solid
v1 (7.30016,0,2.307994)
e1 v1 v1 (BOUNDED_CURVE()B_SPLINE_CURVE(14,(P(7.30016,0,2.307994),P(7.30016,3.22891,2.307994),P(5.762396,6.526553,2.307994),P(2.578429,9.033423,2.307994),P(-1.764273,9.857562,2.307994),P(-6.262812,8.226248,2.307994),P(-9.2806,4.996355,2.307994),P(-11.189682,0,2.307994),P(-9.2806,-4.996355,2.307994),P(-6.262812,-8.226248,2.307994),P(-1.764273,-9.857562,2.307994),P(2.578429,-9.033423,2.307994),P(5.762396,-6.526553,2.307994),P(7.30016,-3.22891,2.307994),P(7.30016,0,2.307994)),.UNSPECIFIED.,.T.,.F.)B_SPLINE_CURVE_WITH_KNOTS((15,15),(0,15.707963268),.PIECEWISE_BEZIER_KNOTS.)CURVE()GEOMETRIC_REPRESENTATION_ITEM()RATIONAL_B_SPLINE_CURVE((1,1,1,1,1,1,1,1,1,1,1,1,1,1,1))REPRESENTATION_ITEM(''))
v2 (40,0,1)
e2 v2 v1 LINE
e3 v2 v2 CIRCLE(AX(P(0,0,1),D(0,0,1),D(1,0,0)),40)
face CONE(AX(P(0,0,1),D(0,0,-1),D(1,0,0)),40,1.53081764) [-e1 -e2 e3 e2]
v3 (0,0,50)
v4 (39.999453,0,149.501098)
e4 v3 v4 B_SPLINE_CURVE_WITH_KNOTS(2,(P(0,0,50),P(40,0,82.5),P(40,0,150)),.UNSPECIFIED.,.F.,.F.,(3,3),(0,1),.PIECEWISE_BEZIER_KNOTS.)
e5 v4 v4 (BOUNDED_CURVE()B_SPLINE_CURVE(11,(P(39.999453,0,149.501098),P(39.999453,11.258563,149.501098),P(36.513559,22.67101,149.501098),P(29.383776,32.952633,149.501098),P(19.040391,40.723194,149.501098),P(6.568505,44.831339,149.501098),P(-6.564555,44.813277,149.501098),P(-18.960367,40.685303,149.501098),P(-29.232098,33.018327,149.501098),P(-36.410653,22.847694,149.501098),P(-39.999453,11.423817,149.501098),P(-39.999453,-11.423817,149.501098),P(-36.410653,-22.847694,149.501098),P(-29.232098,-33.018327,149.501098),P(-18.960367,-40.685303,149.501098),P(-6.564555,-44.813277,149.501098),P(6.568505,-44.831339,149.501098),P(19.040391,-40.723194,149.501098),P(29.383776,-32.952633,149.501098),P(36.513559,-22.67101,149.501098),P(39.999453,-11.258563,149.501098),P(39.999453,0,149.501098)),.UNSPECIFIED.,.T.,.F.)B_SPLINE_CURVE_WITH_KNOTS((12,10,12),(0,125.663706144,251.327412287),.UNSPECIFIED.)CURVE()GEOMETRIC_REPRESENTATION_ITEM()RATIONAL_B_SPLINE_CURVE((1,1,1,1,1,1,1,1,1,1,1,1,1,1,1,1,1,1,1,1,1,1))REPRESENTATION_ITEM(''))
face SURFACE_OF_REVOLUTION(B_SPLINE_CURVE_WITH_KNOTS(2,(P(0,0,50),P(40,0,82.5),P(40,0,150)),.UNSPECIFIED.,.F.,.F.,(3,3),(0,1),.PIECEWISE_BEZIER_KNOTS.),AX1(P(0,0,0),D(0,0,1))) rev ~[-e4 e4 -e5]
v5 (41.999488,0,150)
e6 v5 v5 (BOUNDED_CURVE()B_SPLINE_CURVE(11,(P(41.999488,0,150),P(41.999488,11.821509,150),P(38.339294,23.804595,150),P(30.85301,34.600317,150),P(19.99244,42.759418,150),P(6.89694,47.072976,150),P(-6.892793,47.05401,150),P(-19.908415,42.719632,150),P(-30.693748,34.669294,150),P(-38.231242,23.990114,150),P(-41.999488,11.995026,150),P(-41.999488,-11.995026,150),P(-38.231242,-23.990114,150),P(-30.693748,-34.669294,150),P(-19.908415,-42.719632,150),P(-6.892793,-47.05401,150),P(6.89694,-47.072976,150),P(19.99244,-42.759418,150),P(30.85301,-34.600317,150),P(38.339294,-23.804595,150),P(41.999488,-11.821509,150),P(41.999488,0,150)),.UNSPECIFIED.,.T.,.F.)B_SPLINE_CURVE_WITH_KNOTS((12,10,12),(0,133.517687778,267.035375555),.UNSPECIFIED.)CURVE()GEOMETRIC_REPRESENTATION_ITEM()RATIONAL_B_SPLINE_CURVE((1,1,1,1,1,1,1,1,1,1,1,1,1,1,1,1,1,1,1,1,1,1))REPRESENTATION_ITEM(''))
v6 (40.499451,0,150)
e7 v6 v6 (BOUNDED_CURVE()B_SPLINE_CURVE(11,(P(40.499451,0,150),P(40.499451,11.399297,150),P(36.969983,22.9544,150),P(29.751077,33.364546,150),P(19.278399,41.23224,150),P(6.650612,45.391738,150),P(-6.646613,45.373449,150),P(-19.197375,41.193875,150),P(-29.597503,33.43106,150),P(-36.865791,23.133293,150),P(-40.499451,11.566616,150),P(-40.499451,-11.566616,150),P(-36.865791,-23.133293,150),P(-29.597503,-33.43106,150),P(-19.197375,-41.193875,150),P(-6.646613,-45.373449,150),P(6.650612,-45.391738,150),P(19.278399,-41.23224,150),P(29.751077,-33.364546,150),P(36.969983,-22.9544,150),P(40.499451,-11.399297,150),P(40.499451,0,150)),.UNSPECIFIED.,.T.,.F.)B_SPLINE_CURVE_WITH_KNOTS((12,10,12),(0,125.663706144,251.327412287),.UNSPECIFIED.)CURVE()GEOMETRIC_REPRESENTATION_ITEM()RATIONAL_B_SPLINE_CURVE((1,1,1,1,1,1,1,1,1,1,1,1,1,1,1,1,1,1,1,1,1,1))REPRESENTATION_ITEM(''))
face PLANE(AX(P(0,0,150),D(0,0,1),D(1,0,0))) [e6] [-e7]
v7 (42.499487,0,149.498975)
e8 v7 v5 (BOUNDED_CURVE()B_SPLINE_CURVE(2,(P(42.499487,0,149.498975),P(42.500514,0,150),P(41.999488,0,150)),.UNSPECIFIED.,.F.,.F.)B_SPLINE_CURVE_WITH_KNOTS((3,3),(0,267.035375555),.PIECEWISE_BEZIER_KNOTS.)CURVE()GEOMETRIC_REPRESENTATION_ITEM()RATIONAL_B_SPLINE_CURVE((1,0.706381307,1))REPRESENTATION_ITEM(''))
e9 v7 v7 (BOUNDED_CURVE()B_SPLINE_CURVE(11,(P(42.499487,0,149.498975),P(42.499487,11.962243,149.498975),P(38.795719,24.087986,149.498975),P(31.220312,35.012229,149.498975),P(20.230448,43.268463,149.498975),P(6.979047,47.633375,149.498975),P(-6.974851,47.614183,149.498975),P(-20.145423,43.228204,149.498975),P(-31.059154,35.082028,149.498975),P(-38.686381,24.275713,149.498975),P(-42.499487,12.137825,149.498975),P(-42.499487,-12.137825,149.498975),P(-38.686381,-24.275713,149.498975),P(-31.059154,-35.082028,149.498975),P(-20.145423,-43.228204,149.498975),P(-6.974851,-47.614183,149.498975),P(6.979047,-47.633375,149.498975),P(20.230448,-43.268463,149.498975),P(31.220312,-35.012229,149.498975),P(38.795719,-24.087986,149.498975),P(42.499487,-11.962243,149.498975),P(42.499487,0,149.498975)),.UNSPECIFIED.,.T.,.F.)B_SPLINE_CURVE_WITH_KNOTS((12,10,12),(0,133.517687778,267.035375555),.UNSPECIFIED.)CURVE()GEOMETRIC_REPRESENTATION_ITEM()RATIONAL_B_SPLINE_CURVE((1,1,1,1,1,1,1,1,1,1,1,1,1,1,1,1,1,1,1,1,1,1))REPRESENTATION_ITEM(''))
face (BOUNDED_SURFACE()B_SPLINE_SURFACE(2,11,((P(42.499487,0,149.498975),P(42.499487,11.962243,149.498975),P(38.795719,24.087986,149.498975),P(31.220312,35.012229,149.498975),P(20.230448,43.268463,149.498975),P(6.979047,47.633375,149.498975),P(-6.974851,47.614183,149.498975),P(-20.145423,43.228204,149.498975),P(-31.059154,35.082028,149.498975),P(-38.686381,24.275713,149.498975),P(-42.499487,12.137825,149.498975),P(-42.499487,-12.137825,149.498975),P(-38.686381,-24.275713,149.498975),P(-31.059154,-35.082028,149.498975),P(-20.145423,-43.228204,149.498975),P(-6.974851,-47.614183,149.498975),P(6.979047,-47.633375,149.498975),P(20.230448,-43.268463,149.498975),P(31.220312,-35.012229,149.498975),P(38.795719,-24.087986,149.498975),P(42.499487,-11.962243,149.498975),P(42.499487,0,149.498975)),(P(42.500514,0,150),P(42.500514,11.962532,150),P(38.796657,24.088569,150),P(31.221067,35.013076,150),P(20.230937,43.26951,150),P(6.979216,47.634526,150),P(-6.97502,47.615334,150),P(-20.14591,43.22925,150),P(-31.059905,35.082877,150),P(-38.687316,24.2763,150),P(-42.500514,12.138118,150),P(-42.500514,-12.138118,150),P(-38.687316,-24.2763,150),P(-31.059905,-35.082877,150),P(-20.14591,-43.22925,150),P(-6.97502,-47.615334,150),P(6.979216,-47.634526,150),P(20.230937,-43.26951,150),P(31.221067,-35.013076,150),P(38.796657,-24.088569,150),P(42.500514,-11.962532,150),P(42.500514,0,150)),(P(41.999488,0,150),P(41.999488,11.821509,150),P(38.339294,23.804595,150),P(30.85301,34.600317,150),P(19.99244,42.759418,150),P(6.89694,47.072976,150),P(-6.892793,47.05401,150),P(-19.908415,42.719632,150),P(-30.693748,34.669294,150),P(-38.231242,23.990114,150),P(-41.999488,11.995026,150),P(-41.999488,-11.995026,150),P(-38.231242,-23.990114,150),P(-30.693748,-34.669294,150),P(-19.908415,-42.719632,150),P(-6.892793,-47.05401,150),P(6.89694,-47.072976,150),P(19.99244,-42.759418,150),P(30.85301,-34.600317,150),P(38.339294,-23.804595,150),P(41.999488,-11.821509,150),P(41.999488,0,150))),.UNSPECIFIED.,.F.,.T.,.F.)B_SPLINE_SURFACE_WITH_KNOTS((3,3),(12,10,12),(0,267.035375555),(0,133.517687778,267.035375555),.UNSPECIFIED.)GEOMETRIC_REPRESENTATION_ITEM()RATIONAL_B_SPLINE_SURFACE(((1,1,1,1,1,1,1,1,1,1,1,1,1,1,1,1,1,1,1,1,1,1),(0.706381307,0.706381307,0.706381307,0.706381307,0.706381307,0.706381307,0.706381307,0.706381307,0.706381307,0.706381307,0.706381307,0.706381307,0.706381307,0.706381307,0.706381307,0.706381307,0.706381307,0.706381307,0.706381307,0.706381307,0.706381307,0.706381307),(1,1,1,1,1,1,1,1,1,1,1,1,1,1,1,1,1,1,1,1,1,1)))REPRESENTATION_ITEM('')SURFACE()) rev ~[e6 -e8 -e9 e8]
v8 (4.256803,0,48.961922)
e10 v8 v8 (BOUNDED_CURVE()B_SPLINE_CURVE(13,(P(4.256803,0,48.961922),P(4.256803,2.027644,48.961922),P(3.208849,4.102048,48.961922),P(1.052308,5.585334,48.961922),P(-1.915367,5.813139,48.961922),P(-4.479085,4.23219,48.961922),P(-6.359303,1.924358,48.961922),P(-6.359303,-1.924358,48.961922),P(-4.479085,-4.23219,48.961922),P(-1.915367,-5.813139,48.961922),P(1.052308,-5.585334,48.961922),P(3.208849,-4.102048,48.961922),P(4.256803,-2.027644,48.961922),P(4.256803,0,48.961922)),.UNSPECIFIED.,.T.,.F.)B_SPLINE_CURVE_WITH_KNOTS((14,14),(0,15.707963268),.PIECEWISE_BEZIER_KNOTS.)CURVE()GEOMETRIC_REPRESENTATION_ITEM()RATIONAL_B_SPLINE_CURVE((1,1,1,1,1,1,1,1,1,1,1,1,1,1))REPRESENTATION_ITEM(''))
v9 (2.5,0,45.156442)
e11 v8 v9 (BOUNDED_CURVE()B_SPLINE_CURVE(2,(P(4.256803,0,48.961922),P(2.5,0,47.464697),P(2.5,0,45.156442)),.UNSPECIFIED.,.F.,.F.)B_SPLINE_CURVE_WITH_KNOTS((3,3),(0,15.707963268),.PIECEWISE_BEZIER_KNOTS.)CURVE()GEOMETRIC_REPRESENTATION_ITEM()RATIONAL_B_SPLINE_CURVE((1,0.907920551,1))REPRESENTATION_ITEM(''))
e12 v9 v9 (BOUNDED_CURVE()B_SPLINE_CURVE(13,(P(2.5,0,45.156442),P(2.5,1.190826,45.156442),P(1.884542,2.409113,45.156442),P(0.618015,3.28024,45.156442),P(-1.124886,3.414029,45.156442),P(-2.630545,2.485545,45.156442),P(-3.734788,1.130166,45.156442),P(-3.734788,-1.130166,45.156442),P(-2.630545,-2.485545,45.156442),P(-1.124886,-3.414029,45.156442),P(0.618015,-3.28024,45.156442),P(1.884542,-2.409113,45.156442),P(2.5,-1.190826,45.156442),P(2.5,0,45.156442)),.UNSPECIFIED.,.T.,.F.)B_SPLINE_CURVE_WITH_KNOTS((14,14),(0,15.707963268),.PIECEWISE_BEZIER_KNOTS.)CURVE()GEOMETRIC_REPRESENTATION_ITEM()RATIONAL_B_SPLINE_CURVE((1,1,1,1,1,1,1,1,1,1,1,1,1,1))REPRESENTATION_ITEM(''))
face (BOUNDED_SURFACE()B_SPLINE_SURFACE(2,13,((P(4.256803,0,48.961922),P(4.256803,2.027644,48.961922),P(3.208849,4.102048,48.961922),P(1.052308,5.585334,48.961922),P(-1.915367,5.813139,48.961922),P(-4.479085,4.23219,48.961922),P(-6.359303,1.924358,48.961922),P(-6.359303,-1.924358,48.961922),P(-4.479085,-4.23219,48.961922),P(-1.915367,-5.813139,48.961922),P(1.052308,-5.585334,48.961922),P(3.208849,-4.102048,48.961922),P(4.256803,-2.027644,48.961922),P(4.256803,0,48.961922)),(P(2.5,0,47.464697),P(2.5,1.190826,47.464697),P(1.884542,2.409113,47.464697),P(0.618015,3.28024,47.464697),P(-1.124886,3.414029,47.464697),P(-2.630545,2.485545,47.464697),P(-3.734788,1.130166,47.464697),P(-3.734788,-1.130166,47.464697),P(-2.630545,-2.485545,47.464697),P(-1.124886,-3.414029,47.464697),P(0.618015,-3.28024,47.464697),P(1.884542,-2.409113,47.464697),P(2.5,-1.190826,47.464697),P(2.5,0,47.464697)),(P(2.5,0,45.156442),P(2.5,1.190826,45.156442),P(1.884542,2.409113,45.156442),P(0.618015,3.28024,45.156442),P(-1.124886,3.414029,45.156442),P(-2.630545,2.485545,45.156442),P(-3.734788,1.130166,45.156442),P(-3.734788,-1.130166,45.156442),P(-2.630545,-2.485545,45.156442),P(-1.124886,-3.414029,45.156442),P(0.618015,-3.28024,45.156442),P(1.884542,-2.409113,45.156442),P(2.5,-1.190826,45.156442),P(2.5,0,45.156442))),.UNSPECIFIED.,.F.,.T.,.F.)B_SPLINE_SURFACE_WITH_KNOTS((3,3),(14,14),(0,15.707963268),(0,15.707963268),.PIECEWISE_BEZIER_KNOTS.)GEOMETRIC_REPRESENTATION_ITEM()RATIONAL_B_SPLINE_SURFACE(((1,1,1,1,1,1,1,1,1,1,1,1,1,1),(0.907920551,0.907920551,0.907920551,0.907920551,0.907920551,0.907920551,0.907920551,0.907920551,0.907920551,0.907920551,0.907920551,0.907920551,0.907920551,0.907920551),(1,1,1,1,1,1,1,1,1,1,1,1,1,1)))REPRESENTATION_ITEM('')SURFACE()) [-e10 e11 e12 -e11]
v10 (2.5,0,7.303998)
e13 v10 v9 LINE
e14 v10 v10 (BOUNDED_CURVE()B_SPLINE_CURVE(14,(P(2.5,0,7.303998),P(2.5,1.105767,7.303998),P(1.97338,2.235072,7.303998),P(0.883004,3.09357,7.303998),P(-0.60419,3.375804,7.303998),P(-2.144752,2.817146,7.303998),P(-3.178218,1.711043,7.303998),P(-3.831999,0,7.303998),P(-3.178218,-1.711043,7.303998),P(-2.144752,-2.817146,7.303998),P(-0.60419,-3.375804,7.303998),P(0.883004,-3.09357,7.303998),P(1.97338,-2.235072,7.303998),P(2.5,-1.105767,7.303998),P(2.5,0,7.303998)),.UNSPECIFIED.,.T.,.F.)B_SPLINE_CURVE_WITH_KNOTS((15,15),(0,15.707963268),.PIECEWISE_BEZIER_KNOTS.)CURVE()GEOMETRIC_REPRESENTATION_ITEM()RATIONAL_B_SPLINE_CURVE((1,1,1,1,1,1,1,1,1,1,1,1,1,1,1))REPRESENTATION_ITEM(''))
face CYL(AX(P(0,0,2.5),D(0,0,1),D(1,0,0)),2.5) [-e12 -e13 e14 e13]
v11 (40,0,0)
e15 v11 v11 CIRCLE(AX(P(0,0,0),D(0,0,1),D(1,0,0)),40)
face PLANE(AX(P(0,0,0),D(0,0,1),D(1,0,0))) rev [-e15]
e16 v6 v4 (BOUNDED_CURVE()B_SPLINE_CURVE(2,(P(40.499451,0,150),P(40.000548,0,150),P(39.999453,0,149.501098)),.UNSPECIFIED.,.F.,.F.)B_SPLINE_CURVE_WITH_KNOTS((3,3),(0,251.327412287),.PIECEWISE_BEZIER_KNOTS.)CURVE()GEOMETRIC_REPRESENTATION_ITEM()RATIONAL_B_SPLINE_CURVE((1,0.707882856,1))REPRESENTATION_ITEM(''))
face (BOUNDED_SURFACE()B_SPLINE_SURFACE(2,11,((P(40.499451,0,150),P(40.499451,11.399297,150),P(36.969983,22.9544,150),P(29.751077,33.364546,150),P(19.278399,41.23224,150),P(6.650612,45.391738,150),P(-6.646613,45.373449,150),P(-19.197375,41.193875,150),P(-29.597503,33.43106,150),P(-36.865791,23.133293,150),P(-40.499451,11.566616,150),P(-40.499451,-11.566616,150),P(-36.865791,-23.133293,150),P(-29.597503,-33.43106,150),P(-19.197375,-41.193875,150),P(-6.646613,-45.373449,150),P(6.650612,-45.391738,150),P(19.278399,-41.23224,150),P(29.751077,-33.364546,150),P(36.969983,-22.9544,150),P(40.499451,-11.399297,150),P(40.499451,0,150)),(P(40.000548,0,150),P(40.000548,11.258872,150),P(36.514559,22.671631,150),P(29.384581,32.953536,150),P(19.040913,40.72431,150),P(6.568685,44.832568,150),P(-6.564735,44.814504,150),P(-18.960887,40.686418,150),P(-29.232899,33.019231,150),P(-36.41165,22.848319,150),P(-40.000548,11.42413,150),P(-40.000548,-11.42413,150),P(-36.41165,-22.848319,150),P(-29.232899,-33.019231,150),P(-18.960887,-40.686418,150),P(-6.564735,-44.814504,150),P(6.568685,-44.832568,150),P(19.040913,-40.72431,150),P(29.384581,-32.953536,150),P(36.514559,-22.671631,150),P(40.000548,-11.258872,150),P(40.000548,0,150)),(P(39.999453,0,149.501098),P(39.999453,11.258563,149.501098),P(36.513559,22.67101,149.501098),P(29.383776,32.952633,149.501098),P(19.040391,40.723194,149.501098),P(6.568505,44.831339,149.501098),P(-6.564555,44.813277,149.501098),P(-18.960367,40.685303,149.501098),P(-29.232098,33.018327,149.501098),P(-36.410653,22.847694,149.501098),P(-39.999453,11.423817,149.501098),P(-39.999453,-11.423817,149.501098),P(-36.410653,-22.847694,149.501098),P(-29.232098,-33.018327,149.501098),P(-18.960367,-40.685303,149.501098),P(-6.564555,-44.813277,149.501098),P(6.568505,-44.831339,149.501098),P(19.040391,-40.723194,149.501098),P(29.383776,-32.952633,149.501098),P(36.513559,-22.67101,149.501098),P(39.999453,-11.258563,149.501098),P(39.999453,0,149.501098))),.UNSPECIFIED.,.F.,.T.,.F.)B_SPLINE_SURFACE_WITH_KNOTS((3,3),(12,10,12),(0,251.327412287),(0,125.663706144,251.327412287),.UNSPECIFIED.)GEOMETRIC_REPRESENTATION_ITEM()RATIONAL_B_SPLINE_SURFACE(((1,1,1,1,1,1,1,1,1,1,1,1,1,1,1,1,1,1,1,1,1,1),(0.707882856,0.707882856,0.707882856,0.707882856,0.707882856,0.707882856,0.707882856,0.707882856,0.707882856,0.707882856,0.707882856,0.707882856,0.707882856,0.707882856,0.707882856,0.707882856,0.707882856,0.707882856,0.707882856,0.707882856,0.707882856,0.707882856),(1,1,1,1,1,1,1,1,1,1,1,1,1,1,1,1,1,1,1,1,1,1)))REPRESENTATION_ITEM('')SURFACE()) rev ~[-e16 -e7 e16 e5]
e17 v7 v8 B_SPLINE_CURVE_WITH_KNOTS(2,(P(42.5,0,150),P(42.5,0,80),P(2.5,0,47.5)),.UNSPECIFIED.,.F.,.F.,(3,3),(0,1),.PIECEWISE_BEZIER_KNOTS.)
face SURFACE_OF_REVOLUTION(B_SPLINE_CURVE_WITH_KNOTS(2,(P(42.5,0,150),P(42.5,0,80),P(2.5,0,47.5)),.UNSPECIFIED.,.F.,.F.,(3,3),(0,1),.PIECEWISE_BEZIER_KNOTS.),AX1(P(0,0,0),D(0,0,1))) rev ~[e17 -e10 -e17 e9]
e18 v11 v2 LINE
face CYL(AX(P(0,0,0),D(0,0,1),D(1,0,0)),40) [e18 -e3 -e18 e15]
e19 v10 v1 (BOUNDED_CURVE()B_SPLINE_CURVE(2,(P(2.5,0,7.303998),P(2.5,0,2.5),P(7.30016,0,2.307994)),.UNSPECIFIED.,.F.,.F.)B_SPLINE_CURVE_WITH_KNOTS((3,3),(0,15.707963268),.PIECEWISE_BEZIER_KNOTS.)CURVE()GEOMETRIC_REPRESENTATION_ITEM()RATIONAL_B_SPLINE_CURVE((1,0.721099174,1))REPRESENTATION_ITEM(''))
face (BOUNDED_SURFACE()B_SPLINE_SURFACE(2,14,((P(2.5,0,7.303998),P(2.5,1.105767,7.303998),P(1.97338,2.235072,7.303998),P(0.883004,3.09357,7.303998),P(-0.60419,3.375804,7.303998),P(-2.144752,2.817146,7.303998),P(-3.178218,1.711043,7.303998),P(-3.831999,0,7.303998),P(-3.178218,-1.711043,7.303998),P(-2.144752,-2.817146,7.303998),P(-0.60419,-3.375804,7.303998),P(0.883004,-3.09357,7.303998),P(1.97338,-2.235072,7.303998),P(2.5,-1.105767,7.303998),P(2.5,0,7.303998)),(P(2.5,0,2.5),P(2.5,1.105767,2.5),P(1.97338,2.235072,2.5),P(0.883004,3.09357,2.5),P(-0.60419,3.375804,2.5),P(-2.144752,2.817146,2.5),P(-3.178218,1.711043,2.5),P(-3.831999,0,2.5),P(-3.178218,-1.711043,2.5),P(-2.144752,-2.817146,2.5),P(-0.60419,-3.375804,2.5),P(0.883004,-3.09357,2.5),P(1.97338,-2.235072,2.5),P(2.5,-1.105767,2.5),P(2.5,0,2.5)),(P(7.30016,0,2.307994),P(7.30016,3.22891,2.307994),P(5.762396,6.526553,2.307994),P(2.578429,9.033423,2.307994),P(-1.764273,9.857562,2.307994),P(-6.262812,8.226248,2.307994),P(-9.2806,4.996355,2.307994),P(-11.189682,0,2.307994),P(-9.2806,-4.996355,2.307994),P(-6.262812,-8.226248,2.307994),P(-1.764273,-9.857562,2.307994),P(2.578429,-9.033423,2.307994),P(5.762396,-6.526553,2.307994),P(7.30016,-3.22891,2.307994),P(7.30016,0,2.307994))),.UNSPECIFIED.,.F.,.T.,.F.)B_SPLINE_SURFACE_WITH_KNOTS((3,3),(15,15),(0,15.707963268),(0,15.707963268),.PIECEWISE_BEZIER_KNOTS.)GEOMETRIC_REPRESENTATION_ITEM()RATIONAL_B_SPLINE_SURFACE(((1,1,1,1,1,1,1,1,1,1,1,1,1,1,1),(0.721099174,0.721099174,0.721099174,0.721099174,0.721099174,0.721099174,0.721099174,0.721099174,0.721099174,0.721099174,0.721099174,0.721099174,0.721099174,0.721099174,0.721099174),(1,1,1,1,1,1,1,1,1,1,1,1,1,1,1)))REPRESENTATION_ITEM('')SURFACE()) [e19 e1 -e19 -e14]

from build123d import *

# Parameters (mm, degrees)
FILLET_R    = 0.5
FILLET001_R = 5


with BuildPart() as part:
    # Sketch → Revolution (revolve)
    with BuildSketch(Plane.XZ):
        with BuildLine():
            Line((0, 50), (0, 0))
            Line((0, 0), (40, 0))
            Line((40, 0), (40, 1))
            Line((40, 1), (2.5, 2.5))
            Line((2.5, 2.5), (2.5, 47.5))
            add(Edge.make_bspline(
                [(42.5, 150), (42.5, 80), (2.5, 47.5)],
                knots=[0, 0, 0, 1, 1, 1], degree=2))
            Line((42.5, 150), (40, 150))
            add(Edge.make_bspline(
                [(0, 50), (40, 82.5), (40, 150)],
                knots=[0, 0, 0, 1, 1, 1], degree=2))
        make_face()
    revolve(axis=Axis((0, 0, 0), (0, 0, 1)))

    # Fillet
    fillet_edges = [part.edges().sort_by_distance(p)[0] for p in [
        (-40, 0, 150),
        (-42.5, 0, 150),
    ]]
    fillet(fillet_edges, radius=FILLET_R)

    # Fillet001
    fillet001_edges = [part.edges().sort_by_distance(p)[0] for p in [
        (-2.5, 0, 2.5),
        (-2.5, 0, 47.5),
    ]]
    fillet(fillet001_edges, radius=FILLET001_R)


solid = part.part
